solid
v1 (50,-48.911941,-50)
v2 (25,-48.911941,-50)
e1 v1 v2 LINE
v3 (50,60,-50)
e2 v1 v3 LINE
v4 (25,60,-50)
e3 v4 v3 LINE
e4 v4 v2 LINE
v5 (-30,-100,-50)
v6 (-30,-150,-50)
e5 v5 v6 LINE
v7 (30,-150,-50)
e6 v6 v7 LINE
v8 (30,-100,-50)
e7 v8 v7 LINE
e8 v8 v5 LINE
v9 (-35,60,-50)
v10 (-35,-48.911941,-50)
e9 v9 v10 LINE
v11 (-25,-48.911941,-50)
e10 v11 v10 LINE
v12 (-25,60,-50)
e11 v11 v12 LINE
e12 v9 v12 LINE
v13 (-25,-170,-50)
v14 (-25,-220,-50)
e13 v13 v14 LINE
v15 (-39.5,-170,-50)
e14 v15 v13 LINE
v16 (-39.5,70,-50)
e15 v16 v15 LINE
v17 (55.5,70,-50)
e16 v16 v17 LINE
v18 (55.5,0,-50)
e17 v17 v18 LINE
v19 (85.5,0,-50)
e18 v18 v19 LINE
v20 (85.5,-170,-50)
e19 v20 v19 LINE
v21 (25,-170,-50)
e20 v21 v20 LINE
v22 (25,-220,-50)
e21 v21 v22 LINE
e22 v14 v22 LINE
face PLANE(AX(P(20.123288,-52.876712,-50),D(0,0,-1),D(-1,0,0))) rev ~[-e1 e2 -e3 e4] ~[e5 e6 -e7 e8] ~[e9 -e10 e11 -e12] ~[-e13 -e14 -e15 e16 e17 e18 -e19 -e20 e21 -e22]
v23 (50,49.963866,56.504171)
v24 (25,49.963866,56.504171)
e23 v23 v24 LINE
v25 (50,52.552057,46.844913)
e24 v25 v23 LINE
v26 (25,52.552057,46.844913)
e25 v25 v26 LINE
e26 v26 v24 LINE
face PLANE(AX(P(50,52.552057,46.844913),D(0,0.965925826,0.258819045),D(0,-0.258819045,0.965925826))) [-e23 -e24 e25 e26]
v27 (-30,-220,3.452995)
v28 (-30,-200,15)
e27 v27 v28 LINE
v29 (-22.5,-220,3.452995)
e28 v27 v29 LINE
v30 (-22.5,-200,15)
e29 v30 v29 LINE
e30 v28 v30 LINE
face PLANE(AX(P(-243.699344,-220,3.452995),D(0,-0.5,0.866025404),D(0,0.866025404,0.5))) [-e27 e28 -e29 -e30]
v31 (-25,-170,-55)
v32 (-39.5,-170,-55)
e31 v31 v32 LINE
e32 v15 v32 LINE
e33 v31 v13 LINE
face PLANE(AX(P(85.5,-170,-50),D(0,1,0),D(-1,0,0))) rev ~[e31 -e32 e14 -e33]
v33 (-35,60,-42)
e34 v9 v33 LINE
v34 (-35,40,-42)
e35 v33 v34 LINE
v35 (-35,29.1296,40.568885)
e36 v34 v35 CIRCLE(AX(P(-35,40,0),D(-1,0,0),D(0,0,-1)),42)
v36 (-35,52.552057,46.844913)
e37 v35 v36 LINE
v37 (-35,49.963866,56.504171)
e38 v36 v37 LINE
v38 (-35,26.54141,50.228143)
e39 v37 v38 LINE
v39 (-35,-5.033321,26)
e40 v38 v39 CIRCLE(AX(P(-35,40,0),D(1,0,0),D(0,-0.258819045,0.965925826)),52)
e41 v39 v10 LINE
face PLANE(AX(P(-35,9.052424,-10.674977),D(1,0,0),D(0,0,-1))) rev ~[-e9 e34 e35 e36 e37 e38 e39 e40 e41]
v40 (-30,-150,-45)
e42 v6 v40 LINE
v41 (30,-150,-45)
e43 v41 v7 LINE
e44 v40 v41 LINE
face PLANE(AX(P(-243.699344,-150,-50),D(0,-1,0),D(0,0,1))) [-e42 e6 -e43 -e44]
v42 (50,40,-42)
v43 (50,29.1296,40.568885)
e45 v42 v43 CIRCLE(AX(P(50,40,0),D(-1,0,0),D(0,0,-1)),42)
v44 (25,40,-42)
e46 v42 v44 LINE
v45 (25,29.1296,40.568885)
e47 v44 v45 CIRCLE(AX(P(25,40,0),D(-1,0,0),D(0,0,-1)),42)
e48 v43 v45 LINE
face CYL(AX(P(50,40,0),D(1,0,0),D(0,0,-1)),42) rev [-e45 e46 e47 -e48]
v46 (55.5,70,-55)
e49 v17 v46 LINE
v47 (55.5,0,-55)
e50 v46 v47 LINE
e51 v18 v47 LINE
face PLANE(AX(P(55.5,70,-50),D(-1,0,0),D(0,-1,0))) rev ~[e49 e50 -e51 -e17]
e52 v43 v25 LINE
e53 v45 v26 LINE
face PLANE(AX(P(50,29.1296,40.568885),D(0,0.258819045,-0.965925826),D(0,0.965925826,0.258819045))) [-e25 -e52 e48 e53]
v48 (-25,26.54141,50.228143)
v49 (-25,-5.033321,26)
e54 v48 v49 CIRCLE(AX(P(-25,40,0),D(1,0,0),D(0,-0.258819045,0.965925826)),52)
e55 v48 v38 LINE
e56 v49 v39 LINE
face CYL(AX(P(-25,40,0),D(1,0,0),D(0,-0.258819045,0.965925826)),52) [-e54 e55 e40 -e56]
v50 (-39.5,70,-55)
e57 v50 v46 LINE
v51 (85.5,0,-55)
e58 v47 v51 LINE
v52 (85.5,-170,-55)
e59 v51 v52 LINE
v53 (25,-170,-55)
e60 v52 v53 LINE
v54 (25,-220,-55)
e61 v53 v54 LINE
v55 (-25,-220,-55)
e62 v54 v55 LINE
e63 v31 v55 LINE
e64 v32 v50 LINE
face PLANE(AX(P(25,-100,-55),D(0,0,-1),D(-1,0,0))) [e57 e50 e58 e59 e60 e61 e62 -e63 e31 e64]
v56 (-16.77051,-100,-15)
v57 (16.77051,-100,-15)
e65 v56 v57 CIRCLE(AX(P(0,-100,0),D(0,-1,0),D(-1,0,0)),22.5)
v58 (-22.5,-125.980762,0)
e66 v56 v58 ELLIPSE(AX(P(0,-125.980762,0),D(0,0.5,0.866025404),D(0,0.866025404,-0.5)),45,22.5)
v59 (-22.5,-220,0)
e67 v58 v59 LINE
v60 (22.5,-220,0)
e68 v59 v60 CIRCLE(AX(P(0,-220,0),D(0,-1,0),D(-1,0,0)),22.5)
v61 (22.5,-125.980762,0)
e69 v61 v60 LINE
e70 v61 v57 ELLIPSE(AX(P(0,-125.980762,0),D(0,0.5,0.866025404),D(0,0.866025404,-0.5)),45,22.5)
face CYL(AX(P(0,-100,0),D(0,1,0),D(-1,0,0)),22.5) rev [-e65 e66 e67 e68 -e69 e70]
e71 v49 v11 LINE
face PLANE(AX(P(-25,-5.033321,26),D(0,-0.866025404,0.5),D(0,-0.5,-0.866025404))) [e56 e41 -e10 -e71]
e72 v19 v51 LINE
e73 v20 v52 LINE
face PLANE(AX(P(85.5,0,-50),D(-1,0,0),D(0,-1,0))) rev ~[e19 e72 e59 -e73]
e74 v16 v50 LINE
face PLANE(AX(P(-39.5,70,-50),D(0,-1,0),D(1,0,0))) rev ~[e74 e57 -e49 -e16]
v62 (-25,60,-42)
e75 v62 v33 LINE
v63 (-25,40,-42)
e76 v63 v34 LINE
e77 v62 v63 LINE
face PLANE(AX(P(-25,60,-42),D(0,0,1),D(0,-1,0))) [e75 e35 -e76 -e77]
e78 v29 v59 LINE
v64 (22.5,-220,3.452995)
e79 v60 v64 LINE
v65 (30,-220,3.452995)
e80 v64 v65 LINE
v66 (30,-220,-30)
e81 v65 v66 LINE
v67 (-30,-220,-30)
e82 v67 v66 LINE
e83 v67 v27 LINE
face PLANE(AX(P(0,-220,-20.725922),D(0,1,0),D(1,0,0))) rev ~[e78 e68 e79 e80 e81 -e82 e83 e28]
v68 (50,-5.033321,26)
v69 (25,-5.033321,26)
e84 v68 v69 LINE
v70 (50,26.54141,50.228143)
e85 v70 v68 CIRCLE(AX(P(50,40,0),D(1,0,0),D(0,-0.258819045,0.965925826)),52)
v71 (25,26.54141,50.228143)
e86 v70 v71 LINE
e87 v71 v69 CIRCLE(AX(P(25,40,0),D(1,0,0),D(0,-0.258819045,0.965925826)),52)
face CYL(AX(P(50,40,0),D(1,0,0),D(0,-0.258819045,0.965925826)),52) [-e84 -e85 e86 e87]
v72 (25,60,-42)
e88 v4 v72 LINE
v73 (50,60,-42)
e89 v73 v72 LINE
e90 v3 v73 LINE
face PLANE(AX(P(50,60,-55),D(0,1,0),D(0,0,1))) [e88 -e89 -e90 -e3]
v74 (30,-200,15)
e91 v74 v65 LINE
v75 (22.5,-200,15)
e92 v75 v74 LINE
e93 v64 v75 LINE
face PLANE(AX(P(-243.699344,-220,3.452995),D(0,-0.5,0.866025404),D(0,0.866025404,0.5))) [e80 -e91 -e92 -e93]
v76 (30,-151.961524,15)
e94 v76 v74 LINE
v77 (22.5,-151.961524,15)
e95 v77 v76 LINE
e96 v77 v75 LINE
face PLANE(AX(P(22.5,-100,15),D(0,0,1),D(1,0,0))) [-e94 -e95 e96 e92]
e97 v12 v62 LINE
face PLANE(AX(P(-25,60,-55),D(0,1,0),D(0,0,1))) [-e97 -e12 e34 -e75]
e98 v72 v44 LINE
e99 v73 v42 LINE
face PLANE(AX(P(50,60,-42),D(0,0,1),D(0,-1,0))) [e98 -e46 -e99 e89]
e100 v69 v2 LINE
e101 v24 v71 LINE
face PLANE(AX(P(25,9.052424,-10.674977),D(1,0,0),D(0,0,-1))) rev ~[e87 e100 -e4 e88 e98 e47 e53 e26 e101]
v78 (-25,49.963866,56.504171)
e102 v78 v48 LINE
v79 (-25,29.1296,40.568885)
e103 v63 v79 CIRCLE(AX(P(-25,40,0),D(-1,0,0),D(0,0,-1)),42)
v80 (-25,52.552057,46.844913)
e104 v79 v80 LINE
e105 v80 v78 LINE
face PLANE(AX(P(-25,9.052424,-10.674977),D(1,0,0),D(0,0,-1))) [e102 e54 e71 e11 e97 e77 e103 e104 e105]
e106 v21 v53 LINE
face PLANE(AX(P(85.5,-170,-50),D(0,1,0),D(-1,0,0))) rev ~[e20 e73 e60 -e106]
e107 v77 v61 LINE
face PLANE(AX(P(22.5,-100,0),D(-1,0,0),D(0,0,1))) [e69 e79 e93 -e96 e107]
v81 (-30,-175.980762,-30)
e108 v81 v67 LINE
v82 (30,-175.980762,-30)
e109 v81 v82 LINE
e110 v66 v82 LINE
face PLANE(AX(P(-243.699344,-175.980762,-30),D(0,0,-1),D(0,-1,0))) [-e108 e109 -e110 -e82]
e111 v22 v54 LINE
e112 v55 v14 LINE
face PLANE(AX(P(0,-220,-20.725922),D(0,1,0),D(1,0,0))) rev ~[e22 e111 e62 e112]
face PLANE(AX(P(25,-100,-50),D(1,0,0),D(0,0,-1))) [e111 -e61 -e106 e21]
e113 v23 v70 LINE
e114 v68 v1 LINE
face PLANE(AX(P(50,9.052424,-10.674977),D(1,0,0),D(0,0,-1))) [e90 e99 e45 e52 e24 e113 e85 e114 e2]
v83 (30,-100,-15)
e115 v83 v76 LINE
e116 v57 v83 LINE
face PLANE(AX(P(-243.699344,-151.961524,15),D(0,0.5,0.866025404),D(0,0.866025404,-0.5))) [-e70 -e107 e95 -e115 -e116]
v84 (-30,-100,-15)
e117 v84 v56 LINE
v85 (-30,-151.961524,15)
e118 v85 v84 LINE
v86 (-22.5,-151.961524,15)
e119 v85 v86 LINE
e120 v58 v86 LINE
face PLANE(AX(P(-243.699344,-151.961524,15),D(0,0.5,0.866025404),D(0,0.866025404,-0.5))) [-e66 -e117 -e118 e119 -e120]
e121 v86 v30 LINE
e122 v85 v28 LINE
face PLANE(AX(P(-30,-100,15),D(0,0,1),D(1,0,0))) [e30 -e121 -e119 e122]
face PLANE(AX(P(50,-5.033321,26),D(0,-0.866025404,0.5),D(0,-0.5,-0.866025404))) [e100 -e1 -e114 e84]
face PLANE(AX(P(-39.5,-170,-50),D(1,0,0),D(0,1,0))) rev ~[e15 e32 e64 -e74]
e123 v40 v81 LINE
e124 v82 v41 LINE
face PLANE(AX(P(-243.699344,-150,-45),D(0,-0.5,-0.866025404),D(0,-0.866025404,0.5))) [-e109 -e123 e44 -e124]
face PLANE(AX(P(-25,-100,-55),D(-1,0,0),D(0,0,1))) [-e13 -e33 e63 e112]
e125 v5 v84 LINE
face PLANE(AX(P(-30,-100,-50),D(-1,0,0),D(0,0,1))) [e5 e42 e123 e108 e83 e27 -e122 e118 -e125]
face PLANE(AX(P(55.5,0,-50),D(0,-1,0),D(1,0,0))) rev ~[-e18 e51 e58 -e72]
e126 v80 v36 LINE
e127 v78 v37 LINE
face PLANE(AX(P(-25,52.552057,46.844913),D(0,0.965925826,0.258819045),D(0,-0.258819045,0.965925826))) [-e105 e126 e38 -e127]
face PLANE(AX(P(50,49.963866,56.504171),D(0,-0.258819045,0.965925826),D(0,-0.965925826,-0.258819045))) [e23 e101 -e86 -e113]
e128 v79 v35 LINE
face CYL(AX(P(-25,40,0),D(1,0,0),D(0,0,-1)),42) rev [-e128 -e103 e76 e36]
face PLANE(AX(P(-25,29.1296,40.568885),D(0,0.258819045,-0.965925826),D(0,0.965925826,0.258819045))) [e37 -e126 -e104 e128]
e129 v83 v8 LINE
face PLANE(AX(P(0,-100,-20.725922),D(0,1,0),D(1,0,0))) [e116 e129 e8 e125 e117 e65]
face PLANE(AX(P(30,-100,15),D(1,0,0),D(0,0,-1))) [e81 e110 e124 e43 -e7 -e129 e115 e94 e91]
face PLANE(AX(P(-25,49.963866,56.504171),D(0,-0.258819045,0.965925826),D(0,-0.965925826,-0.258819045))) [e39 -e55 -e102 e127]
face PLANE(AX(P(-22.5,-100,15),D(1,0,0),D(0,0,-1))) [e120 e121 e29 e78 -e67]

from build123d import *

# Parameters (mm, degrees)
BOSS_EXTRUDE1_START     = 10
BOSS_EXTRUDE1_DEPTH     = 5
BOSS_EXTRUDE2_START     = -25
BOSS_EXTRUDE2_DEPTH     = 10
BOSS_EXTRUDE3_START     = 50
BOSS_EXTRUDE3_DEPTH     = 25
BOSS_EXTRUDE6_START     = -100
BOSS_EXTRUDE6_DEPTH     = 120
CUT_EXTRUDE1_DEPTH      = 243.699343574
CUT_EXTRUDE1_DEPTH_BACK = 243.699343574


with BuildPart() as part:
    # Sketch2 → Boss-Extrude1 (new body)
    with BuildSketch(Plane(origin=(0, 0, -40), x_dir=(-1, 0, 0), z_dir=(0, 0, -1)).offset(BOSS_EXTRUDE1_START)):
        Polygon((-55.5, 0), (-85.5, 0), (-85.5, -170), (39.5, -170), (39.5, 70), (-55.5, 70), align=None)
    extrude(amount=BOSS_EXTRUDE1_DEPTH)

    # Sketch3 → Boss-Extrude2 (add)
    with BuildSketch(Plane(origin=(0, 0, 0), x_dir=(0, 0, -1), z_dir=(1, 0, 0)).offset(BOSS_EXTRUDE2_START)):
        with BuildLine():
            Line((-56.504171272, 49.963866159), (-50.228142967, 26.541409655))
            ThreePointArc((-50.228142967, 26.541409655), (-41.254373695, 8.344405692), (-26, -5.033320997))
            Line((-26, -5.033320997), (50, -48.911941455))
            Line((50, -48.911941455), (55, -48.911941455))
            Line((55, -48.911941455), (55, -28.911941455))
            Line((55, -28.911941455), (50, -28.911941455))
            Line((50, -28.911941455), (50, 30))
            Line((50, 30), (55, 30))
            Line((55, 30), (55, 60))
            Line((55, 60), (42, 60))
            Line((42, 60), (42, 40))
            ThreePointArc((42, 40), (5.482100073, -1.640684178), (-40.568884704, 29.129600106))
            Line((-40.568884704, 29.129600106), (-46.844913009, 52.55205661))
            Line((-46.844913009, 52.55205661), (-56.504171272, 49.963866159))
        make_face()
    extrude(amount=-BOSS_EXTRUDE2_DEPTH)

    # Sketch3<3> → Boss-Extrude3 (add)
    with BuildSketch(Plane(origin=(0, 0, 0), x_dir=(0, 0, -1), z_dir=(1, 0, 0)).offset(BOSS_EXTRUDE3_START)):
        with BuildLine():
            Line((-56.504171272, 49.963866159), (-50.228142967, 26.541409655))
            ThreePointArc((-50.228142967, 26.541409655), (-41.254373695, 8.344405692), (-26, -5.033320997))
            Line((-26, -5.033320997), (50, -48.911941455))
            Line((50, -48.911941455), (55, -48.911941455))
            Line((55, -48.911941455), (55, -28.911941455))
            Line((55, -28.911941455), (50, -28.911941455))
            Line((50, -28.911941455), (50, 30))
            Line((50, 30), (55, 30))
            Line((55, 30), (55, 60))
            Line((55, 60), (42, 60))
            Line((42, 60), (42, 40))
            ThreePointArc((42, 40), (5.482100073, -1.640684178), (-40.568884704, 29.129600106))
            Line((-40.568884704, 29.129600106), (-46.844913009, 52.55205661))
            Line((-46.844913009, 52.55205661), (-56.504171272, 49.963866159))
        make_face()
    extrude(amount=-BOSS_EXTRUDE3_DEPTH)

    # Sketch4 → Boss-Extrude6 (add)
    with BuildSketch(Plane(origin=(0, 0, 0), x_dir=(1, 0, 0), z_dir=(0, 1, 0)).offset(BOSS_EXTRUDE6_START)):
        with BuildLine():
            Line((22.5, -15), (30, -15))
            Line((30, -15), (30, 50))
            Line((30, 50), (25, 50))
            Line((25, 50), (25, 55))
            Line((25, 55), (-25, 55))
            Line((-25, 55), (-25, 50))
            Line((-25, 50), (-30, 50))
            Line((-30, 50), (-30, -15))
            Line((-30, -15), (-22.5, -15))
            Line((-22.5, -15), (-22.5, 0))
            ThreePointArc((-22.5, 0), (0, 22.5), (22.5, 0))
            Line((22.5, 0), (22.5, -15))
        make_face()
    extrude(amount=-BOSS_EXTRUDE6_DEPTH)

    # Sketch3<8> → Cut-Extrude1 (cut, two sides: drawn at the far end of the back side and taken through both)
    with BuildSketch(Plane(origin=(0, 0, 0), x_dir=(0, 0, -1), z_dir=(1, 0, 0)).offset(-CUT_EXTRUDE1_DEPTH_BACK)):
        Polygon((15, -100), (50, -100), (50, -80), (-50, -80), (-50, -245), (50, -245), (50, -150), (45, -150), (30, -175.980762114), (30, -220), (-3.452994616, -220), (-15, -200), (-15, -151.961524227), align=None)
    extrude(amount=CUT_EXTRUDE1_DEPTH + CUT_EXTRUDE1_DEPTH_BACK, mode=Mode.SUBTRACT)


solid = part.part
